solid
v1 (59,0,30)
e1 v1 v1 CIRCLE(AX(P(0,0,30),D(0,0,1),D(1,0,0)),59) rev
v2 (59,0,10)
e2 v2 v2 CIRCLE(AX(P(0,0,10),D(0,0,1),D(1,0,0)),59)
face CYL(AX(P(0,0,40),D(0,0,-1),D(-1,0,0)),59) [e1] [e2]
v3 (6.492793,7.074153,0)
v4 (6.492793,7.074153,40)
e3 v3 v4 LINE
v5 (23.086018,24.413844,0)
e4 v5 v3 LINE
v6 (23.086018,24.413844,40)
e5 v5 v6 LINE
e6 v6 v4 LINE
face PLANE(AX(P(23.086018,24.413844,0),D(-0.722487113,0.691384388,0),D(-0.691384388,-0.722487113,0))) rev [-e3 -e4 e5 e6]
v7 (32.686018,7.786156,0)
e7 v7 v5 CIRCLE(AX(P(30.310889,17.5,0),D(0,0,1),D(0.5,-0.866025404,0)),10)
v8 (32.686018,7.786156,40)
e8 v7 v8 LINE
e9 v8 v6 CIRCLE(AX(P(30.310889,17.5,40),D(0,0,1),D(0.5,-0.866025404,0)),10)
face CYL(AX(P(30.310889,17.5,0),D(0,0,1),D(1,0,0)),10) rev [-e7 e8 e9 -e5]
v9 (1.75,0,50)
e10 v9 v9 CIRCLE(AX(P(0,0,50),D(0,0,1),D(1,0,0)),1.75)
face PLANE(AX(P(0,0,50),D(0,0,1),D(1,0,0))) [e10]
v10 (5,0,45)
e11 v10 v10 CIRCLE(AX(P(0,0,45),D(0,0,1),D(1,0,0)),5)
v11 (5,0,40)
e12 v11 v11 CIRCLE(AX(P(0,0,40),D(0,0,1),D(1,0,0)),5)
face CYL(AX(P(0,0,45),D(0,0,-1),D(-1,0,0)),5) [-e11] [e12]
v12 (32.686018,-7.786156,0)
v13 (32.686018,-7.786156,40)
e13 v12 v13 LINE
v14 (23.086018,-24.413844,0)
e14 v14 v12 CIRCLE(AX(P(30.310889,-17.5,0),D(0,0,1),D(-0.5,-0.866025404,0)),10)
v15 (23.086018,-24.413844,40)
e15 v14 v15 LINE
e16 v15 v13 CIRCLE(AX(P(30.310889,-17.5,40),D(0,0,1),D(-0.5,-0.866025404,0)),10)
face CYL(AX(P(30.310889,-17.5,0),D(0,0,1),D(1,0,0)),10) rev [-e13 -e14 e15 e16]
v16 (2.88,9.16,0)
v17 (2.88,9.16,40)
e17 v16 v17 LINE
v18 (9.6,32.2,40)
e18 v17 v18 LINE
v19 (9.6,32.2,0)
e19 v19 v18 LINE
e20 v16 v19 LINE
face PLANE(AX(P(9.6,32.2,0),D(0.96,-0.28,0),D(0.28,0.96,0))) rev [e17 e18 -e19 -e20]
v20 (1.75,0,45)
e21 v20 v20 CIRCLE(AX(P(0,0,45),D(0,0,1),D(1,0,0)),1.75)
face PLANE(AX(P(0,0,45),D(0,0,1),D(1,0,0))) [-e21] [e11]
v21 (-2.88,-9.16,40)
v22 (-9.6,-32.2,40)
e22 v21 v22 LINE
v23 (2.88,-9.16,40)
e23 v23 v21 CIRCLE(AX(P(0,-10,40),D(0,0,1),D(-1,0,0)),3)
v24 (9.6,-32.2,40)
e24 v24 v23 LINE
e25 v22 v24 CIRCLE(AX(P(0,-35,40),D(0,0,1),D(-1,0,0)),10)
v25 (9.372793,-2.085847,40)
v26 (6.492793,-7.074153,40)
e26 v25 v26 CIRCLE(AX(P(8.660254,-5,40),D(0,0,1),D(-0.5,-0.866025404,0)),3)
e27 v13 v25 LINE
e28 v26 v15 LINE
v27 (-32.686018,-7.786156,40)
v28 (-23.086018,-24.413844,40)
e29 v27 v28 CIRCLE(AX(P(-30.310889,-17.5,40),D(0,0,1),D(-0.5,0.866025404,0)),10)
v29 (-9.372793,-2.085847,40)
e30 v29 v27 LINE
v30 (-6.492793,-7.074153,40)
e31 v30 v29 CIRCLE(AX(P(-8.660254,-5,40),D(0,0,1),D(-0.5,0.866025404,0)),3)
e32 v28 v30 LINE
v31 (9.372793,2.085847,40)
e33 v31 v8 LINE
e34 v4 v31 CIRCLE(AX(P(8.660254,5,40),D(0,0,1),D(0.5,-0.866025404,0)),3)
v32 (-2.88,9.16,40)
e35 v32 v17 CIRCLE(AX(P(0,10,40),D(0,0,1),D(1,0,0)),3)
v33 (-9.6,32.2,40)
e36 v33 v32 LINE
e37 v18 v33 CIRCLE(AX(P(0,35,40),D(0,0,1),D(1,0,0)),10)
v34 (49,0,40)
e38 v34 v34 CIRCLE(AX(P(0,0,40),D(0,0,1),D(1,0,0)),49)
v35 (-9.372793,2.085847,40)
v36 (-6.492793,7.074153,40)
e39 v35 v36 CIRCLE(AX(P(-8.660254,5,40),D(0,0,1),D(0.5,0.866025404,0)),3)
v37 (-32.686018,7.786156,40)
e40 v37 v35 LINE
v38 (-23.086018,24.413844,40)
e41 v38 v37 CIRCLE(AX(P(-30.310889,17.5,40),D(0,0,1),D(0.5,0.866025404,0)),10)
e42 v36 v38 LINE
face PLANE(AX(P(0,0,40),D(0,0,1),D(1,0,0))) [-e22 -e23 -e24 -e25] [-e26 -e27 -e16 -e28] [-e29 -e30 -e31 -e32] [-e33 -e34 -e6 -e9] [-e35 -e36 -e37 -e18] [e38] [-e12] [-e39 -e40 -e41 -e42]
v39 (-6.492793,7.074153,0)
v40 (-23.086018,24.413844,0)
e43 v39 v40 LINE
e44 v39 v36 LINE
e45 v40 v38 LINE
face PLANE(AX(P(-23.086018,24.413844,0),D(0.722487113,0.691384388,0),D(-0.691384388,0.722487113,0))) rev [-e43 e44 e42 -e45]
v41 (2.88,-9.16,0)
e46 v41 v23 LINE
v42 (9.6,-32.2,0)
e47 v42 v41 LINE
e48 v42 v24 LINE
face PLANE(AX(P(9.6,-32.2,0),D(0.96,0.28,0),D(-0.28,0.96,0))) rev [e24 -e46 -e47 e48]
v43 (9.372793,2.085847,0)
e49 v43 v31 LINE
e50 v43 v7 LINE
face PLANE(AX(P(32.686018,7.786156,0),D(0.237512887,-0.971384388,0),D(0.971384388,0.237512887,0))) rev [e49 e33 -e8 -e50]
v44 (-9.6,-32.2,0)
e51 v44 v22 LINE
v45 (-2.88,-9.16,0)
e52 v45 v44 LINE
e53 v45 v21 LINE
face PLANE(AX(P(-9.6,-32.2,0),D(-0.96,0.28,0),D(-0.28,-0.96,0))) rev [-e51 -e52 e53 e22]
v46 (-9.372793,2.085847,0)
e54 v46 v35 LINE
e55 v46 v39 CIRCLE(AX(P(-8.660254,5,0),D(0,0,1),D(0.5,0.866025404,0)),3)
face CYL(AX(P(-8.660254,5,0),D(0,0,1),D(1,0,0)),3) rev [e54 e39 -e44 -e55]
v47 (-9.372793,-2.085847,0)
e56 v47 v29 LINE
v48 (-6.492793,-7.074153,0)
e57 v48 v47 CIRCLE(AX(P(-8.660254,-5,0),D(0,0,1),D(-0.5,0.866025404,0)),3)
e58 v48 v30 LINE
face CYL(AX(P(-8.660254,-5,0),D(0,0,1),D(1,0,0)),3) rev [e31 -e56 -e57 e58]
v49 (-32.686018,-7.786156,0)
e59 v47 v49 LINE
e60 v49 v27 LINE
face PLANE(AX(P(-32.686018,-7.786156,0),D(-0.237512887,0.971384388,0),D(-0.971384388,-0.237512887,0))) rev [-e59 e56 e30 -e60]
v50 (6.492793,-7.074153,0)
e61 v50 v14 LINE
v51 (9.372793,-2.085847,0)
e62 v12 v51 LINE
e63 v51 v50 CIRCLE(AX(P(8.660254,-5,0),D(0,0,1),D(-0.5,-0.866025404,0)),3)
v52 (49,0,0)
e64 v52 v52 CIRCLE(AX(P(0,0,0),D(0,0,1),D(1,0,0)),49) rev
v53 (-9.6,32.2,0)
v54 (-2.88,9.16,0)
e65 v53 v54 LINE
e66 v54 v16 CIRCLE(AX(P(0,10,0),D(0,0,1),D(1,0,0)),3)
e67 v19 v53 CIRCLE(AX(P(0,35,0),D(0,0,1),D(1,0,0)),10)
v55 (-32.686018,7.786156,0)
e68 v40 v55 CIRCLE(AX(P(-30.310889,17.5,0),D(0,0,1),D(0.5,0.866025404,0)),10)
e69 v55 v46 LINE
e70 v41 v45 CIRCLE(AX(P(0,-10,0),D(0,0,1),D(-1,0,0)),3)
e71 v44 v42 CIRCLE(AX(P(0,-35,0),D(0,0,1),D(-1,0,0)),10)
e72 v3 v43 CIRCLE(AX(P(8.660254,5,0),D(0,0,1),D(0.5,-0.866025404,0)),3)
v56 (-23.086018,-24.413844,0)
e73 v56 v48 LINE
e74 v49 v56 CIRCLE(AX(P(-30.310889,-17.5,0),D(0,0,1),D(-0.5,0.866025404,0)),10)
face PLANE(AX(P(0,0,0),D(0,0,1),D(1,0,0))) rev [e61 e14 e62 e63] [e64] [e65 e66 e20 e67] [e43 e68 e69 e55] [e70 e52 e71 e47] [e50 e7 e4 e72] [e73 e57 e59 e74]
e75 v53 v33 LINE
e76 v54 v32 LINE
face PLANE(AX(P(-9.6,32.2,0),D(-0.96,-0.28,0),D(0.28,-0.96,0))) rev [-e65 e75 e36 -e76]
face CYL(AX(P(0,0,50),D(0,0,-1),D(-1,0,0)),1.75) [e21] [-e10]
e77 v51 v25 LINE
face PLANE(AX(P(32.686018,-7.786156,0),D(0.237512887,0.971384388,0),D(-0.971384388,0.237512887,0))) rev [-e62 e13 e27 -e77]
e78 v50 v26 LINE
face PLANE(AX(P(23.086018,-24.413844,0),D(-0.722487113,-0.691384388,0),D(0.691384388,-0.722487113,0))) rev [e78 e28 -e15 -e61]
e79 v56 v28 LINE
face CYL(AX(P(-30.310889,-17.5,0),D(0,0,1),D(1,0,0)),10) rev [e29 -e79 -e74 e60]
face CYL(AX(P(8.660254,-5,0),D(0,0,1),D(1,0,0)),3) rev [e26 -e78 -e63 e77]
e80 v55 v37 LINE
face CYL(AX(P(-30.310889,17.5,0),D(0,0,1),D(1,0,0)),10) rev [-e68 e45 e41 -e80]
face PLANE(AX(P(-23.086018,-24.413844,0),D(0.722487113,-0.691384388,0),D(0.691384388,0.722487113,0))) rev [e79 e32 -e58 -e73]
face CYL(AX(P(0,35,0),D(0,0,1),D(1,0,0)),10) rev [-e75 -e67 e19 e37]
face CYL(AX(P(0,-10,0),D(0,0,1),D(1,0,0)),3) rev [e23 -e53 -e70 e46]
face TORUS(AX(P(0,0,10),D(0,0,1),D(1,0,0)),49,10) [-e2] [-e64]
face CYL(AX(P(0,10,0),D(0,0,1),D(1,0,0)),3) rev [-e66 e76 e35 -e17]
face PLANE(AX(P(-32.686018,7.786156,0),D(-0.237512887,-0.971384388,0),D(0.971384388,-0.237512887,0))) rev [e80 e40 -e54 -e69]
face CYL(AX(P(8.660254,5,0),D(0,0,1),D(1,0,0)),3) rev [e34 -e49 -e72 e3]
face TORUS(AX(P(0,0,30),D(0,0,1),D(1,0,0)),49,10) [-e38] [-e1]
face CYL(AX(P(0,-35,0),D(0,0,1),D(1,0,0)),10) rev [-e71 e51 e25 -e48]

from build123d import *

# Parameters (mm, degrees)
SKETCH_1_R               = 59
EXTRUDE_1_DEPTH          = 40
FILLET_1_R               = 10
SKETCH_2_R               = 5
EXTRUDE_2_DEPTH          = 5
SKETCH_3_R               = 1.75
EXTRUDE_3_DEPTH          = 5
CUT_EXTRUDE_1_DEPTH      = 93.531075925
PATTERN_CIRCULAR_1_COUNT = 6


with BuildPart() as part:
    # 草图1 → 凸台-拉伸1 (new body)
    with BuildSketch(Plane.XY):
        Circle(SKETCH_1_R)
    extrude(amount=EXTRUDE_1_DEPTH)

    # 圆角1
    fillet_1_edges = [part.edges().sort_by_distance(p)[0] for p in [
        (-59, 0, 0),
        (-59, 0, 40),
    ]]
    fillet(fillet_1_edges, radius=FILLET_1_R)

    # 草图2 → 凸台-拉伸2 (add)
    with BuildSketch(Plane.XY.offset(40)):
        Circle(SKETCH_2_R)
    extrude(amount=EXTRUDE_2_DEPTH)

    # 草图3 → 凸台-拉伸3 (add)
    with BuildSketch(Plane.XY.offset(45)):
        Circle(SKETCH_3_R)
    extrude(amount=EXTRUDE_3_DEPTH)

    # 草图4 → 切除-拉伸1 (cut, through all)
    with BuildSketch(Plane.XY.offset(40)):
        with BuildLine():
            Line((-9.6, 32.2), (-2.88, 9.16))
            ThreePointArc((-2.88, 9.16), (0, 7), (2.88, 9.16))
            Line((2.88, 9.16), (9.6, 32.2))
            ThreePointArc((9.6, 32.2), (0, 45), (-9.6, 32.2))
        make_face()
    cut_extrude_1 = extrude(amount=-CUT_EXTRUDE_1_DEPTH, mode=Mode.SUBTRACT)

    # 阵列(圆周)1: 切除-拉伸1 ×6 about axis
    pattern_circular_1_axis = Axis((0, 0, 0), (0, 0, 1))
    for i in range(1, PATTERN_CIRCULAR_1_COUNT):
        add(cut_extrude_1.rotate(pattern_circular_1_axis, i * 360 / PATTERN_CIRCULAR_1_COUNT), mode=Mode.SUBTRACT)


solid = part.part
